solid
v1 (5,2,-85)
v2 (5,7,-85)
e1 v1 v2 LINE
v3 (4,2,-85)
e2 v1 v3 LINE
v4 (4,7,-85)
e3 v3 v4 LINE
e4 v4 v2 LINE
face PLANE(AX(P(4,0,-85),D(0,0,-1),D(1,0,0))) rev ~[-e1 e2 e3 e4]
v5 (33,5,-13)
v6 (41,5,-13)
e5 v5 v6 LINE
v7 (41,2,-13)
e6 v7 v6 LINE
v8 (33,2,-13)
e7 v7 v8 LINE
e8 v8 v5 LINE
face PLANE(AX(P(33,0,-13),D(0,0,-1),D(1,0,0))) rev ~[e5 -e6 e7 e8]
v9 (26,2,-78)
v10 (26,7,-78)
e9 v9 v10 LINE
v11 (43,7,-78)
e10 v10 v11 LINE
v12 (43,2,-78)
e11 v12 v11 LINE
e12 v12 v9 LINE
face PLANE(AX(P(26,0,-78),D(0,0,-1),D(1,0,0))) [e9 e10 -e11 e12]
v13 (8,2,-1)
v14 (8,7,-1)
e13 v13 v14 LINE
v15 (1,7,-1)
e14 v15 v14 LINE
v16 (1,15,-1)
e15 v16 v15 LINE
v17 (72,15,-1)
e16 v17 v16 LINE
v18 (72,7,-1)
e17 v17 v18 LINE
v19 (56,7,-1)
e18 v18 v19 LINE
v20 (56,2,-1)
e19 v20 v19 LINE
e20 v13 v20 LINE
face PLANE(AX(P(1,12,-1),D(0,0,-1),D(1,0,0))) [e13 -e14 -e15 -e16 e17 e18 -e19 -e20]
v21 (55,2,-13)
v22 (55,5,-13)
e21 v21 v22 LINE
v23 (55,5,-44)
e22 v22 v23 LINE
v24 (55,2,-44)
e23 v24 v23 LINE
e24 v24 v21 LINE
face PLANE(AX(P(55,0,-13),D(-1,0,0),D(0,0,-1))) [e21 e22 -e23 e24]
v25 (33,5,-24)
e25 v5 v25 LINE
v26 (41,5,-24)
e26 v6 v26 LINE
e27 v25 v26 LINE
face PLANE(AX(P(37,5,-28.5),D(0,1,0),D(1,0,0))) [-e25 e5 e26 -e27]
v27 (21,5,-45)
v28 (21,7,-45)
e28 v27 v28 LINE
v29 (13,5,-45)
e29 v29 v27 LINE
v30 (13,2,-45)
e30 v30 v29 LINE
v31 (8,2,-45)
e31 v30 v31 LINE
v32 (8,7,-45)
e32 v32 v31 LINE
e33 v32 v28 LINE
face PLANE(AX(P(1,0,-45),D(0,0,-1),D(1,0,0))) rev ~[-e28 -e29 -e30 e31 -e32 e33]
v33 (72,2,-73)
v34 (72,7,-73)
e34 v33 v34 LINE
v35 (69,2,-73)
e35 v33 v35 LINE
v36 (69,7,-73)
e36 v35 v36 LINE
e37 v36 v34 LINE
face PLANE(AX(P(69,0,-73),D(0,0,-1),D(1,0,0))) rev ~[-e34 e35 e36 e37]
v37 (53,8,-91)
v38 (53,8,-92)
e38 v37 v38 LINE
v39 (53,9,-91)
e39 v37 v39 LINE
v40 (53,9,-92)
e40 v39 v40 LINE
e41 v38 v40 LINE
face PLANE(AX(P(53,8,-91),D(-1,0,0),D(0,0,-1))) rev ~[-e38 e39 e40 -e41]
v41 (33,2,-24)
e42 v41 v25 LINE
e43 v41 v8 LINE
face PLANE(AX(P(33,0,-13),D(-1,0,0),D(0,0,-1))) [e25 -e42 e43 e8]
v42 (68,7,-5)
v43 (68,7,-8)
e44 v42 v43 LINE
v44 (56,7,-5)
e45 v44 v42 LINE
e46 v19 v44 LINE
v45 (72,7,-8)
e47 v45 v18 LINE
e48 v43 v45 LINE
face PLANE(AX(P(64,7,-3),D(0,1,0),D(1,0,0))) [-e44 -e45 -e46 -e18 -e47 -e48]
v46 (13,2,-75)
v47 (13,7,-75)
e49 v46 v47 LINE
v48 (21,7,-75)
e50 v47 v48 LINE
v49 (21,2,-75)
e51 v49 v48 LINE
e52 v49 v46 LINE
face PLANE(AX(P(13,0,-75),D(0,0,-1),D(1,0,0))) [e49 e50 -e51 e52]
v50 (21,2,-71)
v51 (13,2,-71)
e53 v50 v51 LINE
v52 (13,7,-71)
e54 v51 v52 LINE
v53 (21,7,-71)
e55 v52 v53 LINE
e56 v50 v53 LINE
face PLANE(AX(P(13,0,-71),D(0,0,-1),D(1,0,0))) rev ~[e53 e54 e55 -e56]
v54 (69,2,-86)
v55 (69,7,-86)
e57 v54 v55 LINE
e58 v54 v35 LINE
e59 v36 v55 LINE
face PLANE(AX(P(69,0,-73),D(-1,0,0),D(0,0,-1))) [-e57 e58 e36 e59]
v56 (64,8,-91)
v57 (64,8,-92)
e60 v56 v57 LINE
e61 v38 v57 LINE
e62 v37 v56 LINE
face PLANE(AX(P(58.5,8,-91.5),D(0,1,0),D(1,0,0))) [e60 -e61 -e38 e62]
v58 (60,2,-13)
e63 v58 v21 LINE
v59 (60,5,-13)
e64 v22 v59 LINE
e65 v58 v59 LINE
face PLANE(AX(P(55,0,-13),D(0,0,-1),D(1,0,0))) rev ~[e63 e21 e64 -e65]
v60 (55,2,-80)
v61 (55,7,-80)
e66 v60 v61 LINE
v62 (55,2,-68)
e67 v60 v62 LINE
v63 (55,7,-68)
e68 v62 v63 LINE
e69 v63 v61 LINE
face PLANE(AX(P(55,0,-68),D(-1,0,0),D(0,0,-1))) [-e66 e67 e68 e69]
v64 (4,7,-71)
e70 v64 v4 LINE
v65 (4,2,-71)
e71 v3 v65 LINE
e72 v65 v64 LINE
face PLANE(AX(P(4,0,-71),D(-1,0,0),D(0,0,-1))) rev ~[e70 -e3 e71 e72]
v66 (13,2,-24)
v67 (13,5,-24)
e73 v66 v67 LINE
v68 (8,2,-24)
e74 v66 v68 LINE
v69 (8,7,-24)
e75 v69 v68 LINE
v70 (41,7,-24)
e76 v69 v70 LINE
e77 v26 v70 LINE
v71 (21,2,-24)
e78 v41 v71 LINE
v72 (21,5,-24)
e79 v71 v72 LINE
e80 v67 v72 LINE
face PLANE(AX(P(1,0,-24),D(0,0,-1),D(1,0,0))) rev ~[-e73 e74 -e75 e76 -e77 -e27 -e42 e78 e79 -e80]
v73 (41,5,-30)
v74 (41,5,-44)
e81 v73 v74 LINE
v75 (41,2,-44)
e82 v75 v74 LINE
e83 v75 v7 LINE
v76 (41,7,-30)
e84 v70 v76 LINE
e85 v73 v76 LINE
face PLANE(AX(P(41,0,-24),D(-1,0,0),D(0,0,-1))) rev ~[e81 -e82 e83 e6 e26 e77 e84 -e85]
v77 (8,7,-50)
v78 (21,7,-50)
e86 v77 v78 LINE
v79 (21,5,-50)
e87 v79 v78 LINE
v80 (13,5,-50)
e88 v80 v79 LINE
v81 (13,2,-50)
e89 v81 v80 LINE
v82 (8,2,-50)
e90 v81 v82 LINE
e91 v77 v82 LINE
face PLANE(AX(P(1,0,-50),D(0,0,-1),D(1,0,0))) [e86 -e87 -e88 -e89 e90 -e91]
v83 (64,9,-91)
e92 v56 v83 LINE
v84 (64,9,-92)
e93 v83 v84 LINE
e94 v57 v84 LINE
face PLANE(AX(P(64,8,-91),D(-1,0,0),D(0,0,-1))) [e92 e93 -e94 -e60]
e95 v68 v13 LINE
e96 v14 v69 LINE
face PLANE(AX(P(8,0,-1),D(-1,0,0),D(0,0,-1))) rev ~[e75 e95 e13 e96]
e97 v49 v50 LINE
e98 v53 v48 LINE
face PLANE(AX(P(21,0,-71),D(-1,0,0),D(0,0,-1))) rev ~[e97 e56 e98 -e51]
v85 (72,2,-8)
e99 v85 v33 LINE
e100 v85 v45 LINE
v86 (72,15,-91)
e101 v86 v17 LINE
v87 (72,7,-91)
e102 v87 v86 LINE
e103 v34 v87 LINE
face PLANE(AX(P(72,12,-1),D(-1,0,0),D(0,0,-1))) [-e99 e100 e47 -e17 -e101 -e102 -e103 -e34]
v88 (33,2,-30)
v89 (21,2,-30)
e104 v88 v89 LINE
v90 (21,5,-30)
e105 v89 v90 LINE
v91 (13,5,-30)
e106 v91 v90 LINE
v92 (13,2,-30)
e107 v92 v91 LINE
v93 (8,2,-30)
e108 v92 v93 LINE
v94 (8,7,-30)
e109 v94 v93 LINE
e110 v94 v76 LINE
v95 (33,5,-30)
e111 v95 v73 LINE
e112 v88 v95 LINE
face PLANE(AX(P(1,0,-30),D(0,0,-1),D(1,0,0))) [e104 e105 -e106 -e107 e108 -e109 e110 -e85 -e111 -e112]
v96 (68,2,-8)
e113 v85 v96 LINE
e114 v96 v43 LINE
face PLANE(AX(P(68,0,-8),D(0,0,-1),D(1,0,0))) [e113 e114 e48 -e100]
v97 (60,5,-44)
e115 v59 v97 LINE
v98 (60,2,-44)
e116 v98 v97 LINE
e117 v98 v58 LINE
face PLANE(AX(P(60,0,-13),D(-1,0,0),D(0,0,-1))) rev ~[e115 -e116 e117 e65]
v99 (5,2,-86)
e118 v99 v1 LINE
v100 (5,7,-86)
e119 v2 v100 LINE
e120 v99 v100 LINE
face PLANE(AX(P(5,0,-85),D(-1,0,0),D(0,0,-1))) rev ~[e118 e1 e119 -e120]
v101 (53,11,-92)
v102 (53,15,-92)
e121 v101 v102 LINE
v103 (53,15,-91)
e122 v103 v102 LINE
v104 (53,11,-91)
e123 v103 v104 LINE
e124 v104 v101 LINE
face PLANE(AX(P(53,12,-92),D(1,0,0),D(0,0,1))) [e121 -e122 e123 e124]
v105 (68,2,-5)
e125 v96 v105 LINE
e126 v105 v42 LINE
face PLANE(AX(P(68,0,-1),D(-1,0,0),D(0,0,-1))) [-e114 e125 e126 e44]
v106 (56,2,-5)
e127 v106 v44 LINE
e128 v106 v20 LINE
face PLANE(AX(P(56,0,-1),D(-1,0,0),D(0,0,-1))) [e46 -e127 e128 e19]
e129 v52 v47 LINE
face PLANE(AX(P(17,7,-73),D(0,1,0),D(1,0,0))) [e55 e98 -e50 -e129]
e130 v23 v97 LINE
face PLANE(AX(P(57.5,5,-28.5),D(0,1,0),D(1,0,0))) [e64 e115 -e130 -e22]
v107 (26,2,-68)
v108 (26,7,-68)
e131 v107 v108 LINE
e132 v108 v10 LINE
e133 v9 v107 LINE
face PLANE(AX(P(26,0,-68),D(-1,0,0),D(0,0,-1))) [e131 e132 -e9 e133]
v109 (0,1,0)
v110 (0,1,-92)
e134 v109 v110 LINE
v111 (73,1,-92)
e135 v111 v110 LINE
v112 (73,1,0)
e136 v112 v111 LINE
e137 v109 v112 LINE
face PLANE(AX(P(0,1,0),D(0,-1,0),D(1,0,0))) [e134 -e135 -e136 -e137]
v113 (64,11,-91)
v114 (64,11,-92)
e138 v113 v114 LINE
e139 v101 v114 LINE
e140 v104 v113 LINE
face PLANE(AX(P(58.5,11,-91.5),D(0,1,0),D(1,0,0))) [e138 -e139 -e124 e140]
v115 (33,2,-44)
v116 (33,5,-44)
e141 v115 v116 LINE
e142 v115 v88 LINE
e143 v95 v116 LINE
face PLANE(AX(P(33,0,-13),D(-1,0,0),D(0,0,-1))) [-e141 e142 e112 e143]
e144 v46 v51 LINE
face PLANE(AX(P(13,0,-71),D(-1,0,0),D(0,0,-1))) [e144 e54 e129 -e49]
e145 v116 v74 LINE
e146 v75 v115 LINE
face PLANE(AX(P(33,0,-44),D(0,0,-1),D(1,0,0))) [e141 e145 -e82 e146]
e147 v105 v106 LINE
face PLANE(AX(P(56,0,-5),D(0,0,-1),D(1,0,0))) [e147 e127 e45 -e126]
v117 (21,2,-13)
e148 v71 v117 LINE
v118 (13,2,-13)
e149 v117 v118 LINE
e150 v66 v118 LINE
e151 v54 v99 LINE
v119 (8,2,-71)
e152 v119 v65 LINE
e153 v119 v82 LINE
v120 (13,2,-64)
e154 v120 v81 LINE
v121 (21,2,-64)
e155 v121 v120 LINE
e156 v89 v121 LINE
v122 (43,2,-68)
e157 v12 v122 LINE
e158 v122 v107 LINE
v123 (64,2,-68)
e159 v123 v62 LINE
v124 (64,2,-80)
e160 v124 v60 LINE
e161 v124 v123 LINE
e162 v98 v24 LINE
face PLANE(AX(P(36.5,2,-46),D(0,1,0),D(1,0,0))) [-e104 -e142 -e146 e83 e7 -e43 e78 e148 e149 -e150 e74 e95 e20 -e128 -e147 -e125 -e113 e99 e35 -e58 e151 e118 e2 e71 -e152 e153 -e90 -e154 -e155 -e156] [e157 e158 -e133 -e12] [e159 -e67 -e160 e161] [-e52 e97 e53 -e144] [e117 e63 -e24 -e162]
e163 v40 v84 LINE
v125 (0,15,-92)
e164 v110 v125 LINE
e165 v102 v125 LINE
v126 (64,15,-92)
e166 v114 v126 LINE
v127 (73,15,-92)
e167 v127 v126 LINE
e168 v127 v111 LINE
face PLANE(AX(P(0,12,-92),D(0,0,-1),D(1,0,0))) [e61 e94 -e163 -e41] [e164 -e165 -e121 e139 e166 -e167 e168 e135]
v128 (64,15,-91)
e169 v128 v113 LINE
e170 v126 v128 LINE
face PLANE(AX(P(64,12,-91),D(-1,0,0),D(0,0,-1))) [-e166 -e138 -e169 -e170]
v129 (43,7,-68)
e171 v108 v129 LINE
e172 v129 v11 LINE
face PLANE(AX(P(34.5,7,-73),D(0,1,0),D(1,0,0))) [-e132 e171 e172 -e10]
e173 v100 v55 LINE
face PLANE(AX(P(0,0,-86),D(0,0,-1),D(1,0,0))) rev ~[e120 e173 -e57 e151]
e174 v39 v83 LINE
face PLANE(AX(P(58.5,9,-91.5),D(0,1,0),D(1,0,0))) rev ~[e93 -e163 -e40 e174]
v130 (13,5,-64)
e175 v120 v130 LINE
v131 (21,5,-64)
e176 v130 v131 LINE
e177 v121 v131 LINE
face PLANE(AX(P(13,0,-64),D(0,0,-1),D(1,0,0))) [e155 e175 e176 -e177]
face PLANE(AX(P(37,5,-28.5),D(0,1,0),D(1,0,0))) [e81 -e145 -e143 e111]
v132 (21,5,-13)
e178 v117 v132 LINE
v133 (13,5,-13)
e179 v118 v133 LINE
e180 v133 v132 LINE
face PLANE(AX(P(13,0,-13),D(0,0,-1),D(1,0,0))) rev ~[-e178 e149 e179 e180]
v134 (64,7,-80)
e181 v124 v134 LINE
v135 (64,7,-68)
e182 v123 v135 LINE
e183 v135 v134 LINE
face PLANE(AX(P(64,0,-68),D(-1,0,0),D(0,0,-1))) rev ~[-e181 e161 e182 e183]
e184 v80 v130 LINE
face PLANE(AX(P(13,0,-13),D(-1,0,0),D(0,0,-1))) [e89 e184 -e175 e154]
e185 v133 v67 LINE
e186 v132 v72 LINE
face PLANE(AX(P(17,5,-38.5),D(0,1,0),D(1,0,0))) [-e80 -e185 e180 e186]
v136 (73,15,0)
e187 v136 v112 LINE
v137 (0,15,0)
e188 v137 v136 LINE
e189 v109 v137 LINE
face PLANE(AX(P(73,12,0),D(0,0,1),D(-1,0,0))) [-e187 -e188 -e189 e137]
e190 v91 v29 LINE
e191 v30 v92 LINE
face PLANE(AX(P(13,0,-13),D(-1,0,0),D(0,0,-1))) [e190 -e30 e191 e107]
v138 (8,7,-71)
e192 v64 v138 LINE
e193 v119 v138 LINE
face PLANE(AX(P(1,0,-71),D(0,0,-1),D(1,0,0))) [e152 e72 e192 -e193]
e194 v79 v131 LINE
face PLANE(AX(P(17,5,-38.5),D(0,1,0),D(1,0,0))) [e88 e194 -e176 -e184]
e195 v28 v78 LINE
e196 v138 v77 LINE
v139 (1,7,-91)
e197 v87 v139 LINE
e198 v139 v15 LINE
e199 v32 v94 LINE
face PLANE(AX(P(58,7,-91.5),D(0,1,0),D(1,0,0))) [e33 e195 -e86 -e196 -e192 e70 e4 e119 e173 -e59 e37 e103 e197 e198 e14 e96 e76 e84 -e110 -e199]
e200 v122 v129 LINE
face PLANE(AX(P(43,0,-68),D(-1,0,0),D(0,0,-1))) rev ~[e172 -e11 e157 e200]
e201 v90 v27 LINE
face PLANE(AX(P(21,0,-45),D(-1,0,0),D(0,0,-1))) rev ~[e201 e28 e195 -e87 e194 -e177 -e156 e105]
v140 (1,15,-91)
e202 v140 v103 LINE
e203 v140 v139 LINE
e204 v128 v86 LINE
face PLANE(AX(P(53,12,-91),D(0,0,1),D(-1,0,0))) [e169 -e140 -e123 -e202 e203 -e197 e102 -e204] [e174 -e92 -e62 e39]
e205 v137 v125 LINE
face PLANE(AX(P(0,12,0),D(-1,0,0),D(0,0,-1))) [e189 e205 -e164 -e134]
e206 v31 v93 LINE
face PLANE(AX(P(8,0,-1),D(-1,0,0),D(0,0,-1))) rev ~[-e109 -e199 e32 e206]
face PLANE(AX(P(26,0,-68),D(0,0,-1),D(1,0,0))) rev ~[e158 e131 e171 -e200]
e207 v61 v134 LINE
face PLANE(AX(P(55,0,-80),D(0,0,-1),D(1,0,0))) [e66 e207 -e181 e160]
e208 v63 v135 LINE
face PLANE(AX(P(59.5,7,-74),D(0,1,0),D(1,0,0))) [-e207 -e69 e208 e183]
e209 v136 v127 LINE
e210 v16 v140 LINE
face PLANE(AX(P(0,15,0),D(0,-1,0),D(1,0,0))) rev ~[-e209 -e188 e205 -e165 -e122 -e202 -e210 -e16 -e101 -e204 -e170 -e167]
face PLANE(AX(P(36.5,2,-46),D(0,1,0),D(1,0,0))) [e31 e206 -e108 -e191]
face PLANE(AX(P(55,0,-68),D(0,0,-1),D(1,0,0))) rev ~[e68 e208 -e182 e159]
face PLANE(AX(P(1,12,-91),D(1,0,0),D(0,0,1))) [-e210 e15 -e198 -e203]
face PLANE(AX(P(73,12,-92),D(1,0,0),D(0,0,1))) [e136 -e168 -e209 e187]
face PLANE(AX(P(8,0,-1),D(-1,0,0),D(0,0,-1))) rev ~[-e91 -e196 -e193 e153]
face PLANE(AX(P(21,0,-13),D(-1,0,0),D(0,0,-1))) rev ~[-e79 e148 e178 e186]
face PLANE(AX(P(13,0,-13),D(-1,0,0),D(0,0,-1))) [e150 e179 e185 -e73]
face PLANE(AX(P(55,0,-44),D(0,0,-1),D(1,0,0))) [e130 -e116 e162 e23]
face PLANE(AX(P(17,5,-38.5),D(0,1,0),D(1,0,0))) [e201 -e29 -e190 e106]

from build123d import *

# Parameters (mm, degrees)
SKETCH_8_W           = 73
SKETCH_8_H           = 92
EXTRUDE_5_DEPTH      = 12
SKETCH_9_W           = 71
SKETCH_9_H           = 90
CUT_EXTRUDE_3_DEPTH  = 10
SKETCH_11_W          = 73
SKETCH_11_H          = 6
EXTRUDE_8_DEPTH      = 7
SKETCH_12_W          = 4
SKETCH_12_H          = 19
EXTRUDE_10_DEPTH     = 7
SKETCH_13_W          = 4
SKETCH_13_H          = 21
EXTRUDE_13_DEPTH     = 7
SKETCH_14_W          = 7
SKETCH_14_H          = 12
EXTRUDE_14_DEPTH     = 7
SKETCH_15_W          = 7
SKETCH_15_H          = 58
EXTRUDE_15_DEPTH     = 7
SKETCH_17_W          = 40
SKETCH_17_H          = 6
EXTRUDE_16_DEPTH     = 7
SKETCH_18_W          = 20
SKETCH_18_H          = 5
EXTRUDE_17_DEPTH     = 7
SKETCH_19_W          = 16
SKETCH_19_H          = 4
EXTRUDE_18_DEPTH     = 7
SKETCH_20_W          = 4
SKETCH_20_H          = 7
EXTRUDE_19_DEPTH     = 7
SKETCH_21_W          = 5
SKETCH_21_H          = 31
EXTRUDE_22_DEPTH     = 5
SKETCH_23_W          = 9
SKETCH_23_H          = 12
EXTRUDE_23_DEPTH     = 7
SKETCH_24_W          = 17
SKETCH_24_H          = 10
EXTRUDE_24_DEPTH     = 7
SKETCH_25_W          = 8
SKETCH_25_H          = 4
EXTRUDE_25_DEPTH     = 7
SKETCH_28_W          = 8
SKETCH_28_H          = 31
EXTRUDE_26_DEPTH     = 5
SKETCH_32_W          = 10
SKETCH_32_H          = 1
CUT_EXTRUDE_4_DEPTH  = 5
SKETCH_33_W          = 8
SKETCH_33_H          = 51
EXTRUDE_27_DEPTH     = 5
SKETCH_35_W          = 10
SKETCH_35_H          = 1
EXTRUDE_28_DEPTH     = 10
SKETCH_37_W          = 11
SKETCH_37_H          = 1
CUT_EXTRUDE_7_DEPTH  = 1
SKETCH_39_W          = 11
SKETCH_39_H          = 1
CUT_EXTRUDE_8_DEPTH  = 1
SKETCH_40_W          = 1
SKETCH_40_H          = 1
EXTRUDE_29_DEPTH     = 7
SKETCH_41_R          = 1
CUT_EXTRUDE_9_DEPTH  = 9
EXTRUDE_30_DEPTH     = 4
SKETCH_44_W          = 4
SKETCH_44_H          = 6
SKETCH_44_W_2        = 3
SKETCH_44_H_2        = 5
SKETCH_44_H_3        = 7
SKETCH_44_W_3        = 7
SKETCH_44_H_4        = 7.504780259
EXTRUDE_31_DEPTH     = 7
SKETCH_45_W          = 73
SKETCH_45_H          = 1
CUT_EXTRUDE_10_DEPTH = 100
SKETCH_47_W          = 73
SKETCH_47_H          = 1
CUT_EXTRUDE_11_DEPTH = 100


with BuildPart() as part:
    # 草图8 → 凸台-拉伸5 (new body)
    with BuildSketch(Plane(origin=(0, 0, 0), x_dir=(1, 0, 0), z_dir=(0, 1, 0))):
        with Locations((36.5, 46)):
            Rectangle(SKETCH_8_W, SKETCH_8_H)
    extrude(amount=EXTRUDE_5_DEPTH)

    # 草图9 → 切除-拉伸3 (cut)
    with BuildSketch(Plane(origin=(0, 12, 0), x_dir=(1, 0, 0), z_dir=(0, 1, 0))):
        with Locations((36.5, 46)):
            Rectangle(SKETCH_9_W, SKETCH_9_H)
    extrude(amount=-CUT_EXTRUDE_3_DEPTH, mode=Mode.SUBTRACT)

    # 草图11 → 凸台-拉伸8 (add)
    with BuildSketch(Plane(origin=(0, 0, 0), x_dir=(1, 0, 0), z_dir=(0, 1, 0))):
        with Locations((36.5, 89)):
            Rectangle(SKETCH_11_W, SKETCH_11_H)
    extrude(amount=EXTRUDE_8_DEPTH)

    # 草图12 → 凸台-拉伸10 (add)
    with BuildSketch(Plane(origin=(0, 0, 0), x_dir=(1, 0, 0), z_dir=(0, 1, 0))):
        with Locations((71, 82.5)):
            Rectangle(SKETCH_12_W, SKETCH_12_H)
    extrude(amount=EXTRUDE_10_DEPTH)

    # 草图13 → 凸台-拉伸13 (add)
    with BuildSketch(Plane(origin=(0, 0, 0), x_dir=(1, 0, 0), z_dir=(0, 1, 0))):
        with Locations((2, 81.5)):
            Rectangle(SKETCH_13_W, SKETCH_13_H)
    extrude(amount=EXTRUDE_13_DEPTH)

    # 草图14 → 凸台-拉伸14 (add)
    with BuildSketch(Plane(origin=(0, 0, 0), x_dir=(1, 0, 0), z_dir=(0, 1, 0))):
        with Locations((4.5, 65)):
            Rectangle(SKETCH_14_W, SKETCH_14_H)
    extrude(amount=EXTRUDE_14_DEPTH)

    # 草图15 → 凸台-拉伸15 (add)
    with BuildSketch(Plane(origin=(0, 0, 0), x_dir=(1, 0, 0), z_dir=(0, 1, 0))):
        with Locations((4.5, 30)):
            Rectangle(SKETCH_15_W, SKETCH_15_H)
    extrude(amount=EXTRUDE_15_DEPTH)

    # 草图17 → 凸台-拉伸16 (add)
    with BuildSketch(Plane(origin=(0, 0, 0), x_dir=(1, 0, 0), z_dir=(0, 1, 0))):
        with Locations((21, 27)):
            Rectangle(SKETCH_17_W, SKETCH_17_H)
    extrude(amount=EXTRUDE_16_DEPTH)

    # 草图18 → 凸台-拉伸17 (add)
    with BuildSketch(Plane(origin=(0, 0, 0), x_dir=(1, 0, 0), z_dir=(0, 1, 0))):
        with Locations((11, 47.5)):
            Rectangle(SKETCH_18_W, SKETCH_18_H)
    extrude(amount=EXTRUDE_17_DEPTH)

    # 草图19 → 凸台-拉伸18 (add)
    with BuildSketch(Plane(origin=(0, 0, 0), x_dir=(1, 0, 0), z_dir=(0, 1, 0))):
        with Locations((64, 3)):
            Rectangle(SKETCH_19_W, SKETCH_19_H)
    extrude(amount=EXTRUDE_18_DEPTH)

    # 草图20 → 凸台-拉伸19 (add)
    with BuildSketch(Plane(origin=(0, 0, 0), x_dir=(1, 0, 0), z_dir=(0, 1, 0))):
        with Locations((70, 4.5)):
            Rectangle(SKETCH_20_W, SKETCH_20_H)
    extrude(amount=EXTRUDE_19_DEPTH)

    # 草图21 → 凸台-拉伸22 (add)
    with BuildSketch(Plane(origin=(0, 0, 0), x_dir=(1, 0, 0), z_dir=(0, 1, 0))):
        with Locations((57.5, 28.5)):
            Rectangle(SKETCH_21_W, SKETCH_21_H)
    extrude(amount=EXTRUDE_22_DEPTH)

    # 草图23 → 凸台-拉伸23 (add)
    with BuildSketch(Plane(origin=(0, 0, 0), x_dir=(1, 0, 0), z_dir=(0, 1, 0))):
        with Locations((59.5, 74)):
            Rectangle(SKETCH_23_W, SKETCH_23_H)
    extrude(amount=EXTRUDE_23_DEPTH)

    # 草图24 → 凸台-拉伸24 (add)
    with BuildSketch(Plane(origin=(0, 0, 0), x_dir=(1, 0, 0), z_dir=(0, 1, 0))):
        with Locations((34.5, 73)):
            Rectangle(SKETCH_24_W, SKETCH_24_H)
    extrude(amount=EXTRUDE_24_DEPTH)

    # 草图25 → 凸台-拉伸25 (add)
    with BuildSketch(Plane(origin=(0, 0, 0), x_dir=(1, 0, 0), z_dir=(0, 1, 0))):
        with Locations((17, 73)):
            Rectangle(SKETCH_25_W, SKETCH_25_H)
    extrude(amount=EXTRUDE_25_DEPTH)

    # 草图28 → 凸台-拉伸26 (add)
    with BuildSketch(Plane(origin=(0, 0, 0), x_dir=(1, 0, 0), z_dir=(0, 1, 0))):
        with Locations((37, 28.5)):
            Rectangle(SKETCH_28_W, SKETCH_28_H)
    extrude(amount=EXTRUDE_26_DEPTH)

    # 草图32 → 切除-拉伸4 (cut)
    with BuildSketch(Plane(origin=(0, 12, 0), x_dir=(1, 0, 0), z_dir=(0, 1, 0))):
        with Locations((58, 91.5)):
            Rectangle(SKETCH_32_W, SKETCH_32_H)
    extrude(amount=-CUT_EXTRUDE_4_DEPTH, mode=Mode.SUBTRACT)

    # 草图33 → 凸台-拉伸27 (add)
    with BuildSketch(Plane(origin=(0, 0, 0), x_dir=(1, 0, 0), z_dir=(0, 1, 0))):
        with Locations((17, 38.5)):
            Rectangle(SKETCH_33_W, SKETCH_33_H)
    extrude(amount=EXTRUDE_27_DEPTH)

    # 草图35 → 凸台-拉伸28 (add)
    with BuildSketch(Plane(origin=(0, 12, 0), x_dir=(1, 0, 0), z_dir=(0, 1, 0))):
        with Locations((58, 91.5)):
            Rectangle(SKETCH_35_W, SKETCH_35_H)
    extrude(amount=-EXTRUDE_28_DEPTH)

    # 草图37 → 切除-拉伸7 (cut)
    with BuildSketch(Plane(origin=(0, 12, 0), x_dir=(1, 0, 0), z_dir=(0, 1, 0))):
        with Locations((58.5, 91.5)):
            Rectangle(SKETCH_37_W, SKETCH_37_H)
    extrude(amount=-CUT_EXTRUDE_7_DEPTH, mode=Mode.SUBTRACT)

    # 草图39 → 切除-拉伸8 (cut)
    with BuildSketch(Plane(origin=(0, 8, 0), x_dir=(1, 0, 0), z_dir=(0, 1, 0))):
        with Locations((58.5, 91.5)):
            Rectangle(SKETCH_39_W, SKETCH_39_H)
    extrude(amount=CUT_EXTRUDE_8_DEPTH, mode=Mode.SUBTRACT)

    # 草图40 → 凸台-拉伸29 (add)
    with BuildSketch(Plane(origin=(0, 0, 0), x_dir=(1, 0, 0), z_dir=(0, 1, 0))):
        with Locations((4.5, 85.5)):
            Rectangle(SKETCH_40_W, SKETCH_40_H)
    extrude(amount=EXTRUDE_29_DEPTH)

    # 草图41 → 切除-拉伸9 (cut)
    with BuildSketch(Plane(origin=(0, 12, 0), x_dir=(1, 0, 0), z_dir=(0, 1, 0))):
        with Locations((4, 5)):
            Circle(SKETCH_41_R)
        with Locations((70, 6)):
            Circle(SKETCH_41_R)
        with Locations((70, 87)):
            Circle(SKETCH_41_R)
        with Locations((4, 87)):
            Circle(SKETCH_41_R)
    extrude(amount=-CUT_EXTRUDE_9_DEPTH, mode=Mode.SUBTRACT)

    # 草图42 → 凸台-拉伸30 (add)
    with BuildSketch(Plane(origin=(0, 12, 0), x_dir=(1, 0, 0), z_dir=(0, 1, 0))):
        Polygon((53, 92), (53, 91), (1, 91), (1, 1), (72, 1), (72, 91), (64, 91), (64, 92), (73, 92), (73, 0), (0, 0), (0, 92), align=None)
    extrude(amount=EXTRUDE_30_DEPTH)

    # 草图44 → 凸台-拉伸31 (add)
    with BuildSketch(Plane(origin=(0, 0, 0), x_dir=(1, 0, 0), z_dir=(0, 1, 0))):
        with Locations((3, 88)):
            Rectangle(SKETCH_44_W, SKETCH_44_H)
        with Locations((70.5, 88.5)):
            Rectangle(SKETCH_44_W_2, SKETCH_44_H_2)
        with Locations((70, 4.5)):
            Rectangle(SKETCH_44_W, SKETCH_44_H_3)
        with Locations((4.5, 4.75239013)):
            Rectangle(SKETCH_44_W_3, SKETCH_44_H_4)
    extrude(amount=EXTRUDE_31_DEPTH)

    # 草图45 → 切除-拉伸10 (cut)
    with BuildSketch(Plane.XY):
        with Locations((36.5, 0.5)):
            Rectangle(SKETCH_45_W, SKETCH_45_H)
    extrude(amount=-CUT_EXTRUDE_10_DEPTH, mode=Mode.SUBTRACT)

    # 草图47 → 切除-拉伸11 (cut)
    with BuildSketch(Plane.XY):
        with Locations((36.5, 15.5)):
            Rectangle(SKETCH_47_W, SKETCH_47_H)
    extrude(amount=-CUT_EXTRUDE_11_DEPTH, mode=Mode.SUBTRACT)


solid = part.part
